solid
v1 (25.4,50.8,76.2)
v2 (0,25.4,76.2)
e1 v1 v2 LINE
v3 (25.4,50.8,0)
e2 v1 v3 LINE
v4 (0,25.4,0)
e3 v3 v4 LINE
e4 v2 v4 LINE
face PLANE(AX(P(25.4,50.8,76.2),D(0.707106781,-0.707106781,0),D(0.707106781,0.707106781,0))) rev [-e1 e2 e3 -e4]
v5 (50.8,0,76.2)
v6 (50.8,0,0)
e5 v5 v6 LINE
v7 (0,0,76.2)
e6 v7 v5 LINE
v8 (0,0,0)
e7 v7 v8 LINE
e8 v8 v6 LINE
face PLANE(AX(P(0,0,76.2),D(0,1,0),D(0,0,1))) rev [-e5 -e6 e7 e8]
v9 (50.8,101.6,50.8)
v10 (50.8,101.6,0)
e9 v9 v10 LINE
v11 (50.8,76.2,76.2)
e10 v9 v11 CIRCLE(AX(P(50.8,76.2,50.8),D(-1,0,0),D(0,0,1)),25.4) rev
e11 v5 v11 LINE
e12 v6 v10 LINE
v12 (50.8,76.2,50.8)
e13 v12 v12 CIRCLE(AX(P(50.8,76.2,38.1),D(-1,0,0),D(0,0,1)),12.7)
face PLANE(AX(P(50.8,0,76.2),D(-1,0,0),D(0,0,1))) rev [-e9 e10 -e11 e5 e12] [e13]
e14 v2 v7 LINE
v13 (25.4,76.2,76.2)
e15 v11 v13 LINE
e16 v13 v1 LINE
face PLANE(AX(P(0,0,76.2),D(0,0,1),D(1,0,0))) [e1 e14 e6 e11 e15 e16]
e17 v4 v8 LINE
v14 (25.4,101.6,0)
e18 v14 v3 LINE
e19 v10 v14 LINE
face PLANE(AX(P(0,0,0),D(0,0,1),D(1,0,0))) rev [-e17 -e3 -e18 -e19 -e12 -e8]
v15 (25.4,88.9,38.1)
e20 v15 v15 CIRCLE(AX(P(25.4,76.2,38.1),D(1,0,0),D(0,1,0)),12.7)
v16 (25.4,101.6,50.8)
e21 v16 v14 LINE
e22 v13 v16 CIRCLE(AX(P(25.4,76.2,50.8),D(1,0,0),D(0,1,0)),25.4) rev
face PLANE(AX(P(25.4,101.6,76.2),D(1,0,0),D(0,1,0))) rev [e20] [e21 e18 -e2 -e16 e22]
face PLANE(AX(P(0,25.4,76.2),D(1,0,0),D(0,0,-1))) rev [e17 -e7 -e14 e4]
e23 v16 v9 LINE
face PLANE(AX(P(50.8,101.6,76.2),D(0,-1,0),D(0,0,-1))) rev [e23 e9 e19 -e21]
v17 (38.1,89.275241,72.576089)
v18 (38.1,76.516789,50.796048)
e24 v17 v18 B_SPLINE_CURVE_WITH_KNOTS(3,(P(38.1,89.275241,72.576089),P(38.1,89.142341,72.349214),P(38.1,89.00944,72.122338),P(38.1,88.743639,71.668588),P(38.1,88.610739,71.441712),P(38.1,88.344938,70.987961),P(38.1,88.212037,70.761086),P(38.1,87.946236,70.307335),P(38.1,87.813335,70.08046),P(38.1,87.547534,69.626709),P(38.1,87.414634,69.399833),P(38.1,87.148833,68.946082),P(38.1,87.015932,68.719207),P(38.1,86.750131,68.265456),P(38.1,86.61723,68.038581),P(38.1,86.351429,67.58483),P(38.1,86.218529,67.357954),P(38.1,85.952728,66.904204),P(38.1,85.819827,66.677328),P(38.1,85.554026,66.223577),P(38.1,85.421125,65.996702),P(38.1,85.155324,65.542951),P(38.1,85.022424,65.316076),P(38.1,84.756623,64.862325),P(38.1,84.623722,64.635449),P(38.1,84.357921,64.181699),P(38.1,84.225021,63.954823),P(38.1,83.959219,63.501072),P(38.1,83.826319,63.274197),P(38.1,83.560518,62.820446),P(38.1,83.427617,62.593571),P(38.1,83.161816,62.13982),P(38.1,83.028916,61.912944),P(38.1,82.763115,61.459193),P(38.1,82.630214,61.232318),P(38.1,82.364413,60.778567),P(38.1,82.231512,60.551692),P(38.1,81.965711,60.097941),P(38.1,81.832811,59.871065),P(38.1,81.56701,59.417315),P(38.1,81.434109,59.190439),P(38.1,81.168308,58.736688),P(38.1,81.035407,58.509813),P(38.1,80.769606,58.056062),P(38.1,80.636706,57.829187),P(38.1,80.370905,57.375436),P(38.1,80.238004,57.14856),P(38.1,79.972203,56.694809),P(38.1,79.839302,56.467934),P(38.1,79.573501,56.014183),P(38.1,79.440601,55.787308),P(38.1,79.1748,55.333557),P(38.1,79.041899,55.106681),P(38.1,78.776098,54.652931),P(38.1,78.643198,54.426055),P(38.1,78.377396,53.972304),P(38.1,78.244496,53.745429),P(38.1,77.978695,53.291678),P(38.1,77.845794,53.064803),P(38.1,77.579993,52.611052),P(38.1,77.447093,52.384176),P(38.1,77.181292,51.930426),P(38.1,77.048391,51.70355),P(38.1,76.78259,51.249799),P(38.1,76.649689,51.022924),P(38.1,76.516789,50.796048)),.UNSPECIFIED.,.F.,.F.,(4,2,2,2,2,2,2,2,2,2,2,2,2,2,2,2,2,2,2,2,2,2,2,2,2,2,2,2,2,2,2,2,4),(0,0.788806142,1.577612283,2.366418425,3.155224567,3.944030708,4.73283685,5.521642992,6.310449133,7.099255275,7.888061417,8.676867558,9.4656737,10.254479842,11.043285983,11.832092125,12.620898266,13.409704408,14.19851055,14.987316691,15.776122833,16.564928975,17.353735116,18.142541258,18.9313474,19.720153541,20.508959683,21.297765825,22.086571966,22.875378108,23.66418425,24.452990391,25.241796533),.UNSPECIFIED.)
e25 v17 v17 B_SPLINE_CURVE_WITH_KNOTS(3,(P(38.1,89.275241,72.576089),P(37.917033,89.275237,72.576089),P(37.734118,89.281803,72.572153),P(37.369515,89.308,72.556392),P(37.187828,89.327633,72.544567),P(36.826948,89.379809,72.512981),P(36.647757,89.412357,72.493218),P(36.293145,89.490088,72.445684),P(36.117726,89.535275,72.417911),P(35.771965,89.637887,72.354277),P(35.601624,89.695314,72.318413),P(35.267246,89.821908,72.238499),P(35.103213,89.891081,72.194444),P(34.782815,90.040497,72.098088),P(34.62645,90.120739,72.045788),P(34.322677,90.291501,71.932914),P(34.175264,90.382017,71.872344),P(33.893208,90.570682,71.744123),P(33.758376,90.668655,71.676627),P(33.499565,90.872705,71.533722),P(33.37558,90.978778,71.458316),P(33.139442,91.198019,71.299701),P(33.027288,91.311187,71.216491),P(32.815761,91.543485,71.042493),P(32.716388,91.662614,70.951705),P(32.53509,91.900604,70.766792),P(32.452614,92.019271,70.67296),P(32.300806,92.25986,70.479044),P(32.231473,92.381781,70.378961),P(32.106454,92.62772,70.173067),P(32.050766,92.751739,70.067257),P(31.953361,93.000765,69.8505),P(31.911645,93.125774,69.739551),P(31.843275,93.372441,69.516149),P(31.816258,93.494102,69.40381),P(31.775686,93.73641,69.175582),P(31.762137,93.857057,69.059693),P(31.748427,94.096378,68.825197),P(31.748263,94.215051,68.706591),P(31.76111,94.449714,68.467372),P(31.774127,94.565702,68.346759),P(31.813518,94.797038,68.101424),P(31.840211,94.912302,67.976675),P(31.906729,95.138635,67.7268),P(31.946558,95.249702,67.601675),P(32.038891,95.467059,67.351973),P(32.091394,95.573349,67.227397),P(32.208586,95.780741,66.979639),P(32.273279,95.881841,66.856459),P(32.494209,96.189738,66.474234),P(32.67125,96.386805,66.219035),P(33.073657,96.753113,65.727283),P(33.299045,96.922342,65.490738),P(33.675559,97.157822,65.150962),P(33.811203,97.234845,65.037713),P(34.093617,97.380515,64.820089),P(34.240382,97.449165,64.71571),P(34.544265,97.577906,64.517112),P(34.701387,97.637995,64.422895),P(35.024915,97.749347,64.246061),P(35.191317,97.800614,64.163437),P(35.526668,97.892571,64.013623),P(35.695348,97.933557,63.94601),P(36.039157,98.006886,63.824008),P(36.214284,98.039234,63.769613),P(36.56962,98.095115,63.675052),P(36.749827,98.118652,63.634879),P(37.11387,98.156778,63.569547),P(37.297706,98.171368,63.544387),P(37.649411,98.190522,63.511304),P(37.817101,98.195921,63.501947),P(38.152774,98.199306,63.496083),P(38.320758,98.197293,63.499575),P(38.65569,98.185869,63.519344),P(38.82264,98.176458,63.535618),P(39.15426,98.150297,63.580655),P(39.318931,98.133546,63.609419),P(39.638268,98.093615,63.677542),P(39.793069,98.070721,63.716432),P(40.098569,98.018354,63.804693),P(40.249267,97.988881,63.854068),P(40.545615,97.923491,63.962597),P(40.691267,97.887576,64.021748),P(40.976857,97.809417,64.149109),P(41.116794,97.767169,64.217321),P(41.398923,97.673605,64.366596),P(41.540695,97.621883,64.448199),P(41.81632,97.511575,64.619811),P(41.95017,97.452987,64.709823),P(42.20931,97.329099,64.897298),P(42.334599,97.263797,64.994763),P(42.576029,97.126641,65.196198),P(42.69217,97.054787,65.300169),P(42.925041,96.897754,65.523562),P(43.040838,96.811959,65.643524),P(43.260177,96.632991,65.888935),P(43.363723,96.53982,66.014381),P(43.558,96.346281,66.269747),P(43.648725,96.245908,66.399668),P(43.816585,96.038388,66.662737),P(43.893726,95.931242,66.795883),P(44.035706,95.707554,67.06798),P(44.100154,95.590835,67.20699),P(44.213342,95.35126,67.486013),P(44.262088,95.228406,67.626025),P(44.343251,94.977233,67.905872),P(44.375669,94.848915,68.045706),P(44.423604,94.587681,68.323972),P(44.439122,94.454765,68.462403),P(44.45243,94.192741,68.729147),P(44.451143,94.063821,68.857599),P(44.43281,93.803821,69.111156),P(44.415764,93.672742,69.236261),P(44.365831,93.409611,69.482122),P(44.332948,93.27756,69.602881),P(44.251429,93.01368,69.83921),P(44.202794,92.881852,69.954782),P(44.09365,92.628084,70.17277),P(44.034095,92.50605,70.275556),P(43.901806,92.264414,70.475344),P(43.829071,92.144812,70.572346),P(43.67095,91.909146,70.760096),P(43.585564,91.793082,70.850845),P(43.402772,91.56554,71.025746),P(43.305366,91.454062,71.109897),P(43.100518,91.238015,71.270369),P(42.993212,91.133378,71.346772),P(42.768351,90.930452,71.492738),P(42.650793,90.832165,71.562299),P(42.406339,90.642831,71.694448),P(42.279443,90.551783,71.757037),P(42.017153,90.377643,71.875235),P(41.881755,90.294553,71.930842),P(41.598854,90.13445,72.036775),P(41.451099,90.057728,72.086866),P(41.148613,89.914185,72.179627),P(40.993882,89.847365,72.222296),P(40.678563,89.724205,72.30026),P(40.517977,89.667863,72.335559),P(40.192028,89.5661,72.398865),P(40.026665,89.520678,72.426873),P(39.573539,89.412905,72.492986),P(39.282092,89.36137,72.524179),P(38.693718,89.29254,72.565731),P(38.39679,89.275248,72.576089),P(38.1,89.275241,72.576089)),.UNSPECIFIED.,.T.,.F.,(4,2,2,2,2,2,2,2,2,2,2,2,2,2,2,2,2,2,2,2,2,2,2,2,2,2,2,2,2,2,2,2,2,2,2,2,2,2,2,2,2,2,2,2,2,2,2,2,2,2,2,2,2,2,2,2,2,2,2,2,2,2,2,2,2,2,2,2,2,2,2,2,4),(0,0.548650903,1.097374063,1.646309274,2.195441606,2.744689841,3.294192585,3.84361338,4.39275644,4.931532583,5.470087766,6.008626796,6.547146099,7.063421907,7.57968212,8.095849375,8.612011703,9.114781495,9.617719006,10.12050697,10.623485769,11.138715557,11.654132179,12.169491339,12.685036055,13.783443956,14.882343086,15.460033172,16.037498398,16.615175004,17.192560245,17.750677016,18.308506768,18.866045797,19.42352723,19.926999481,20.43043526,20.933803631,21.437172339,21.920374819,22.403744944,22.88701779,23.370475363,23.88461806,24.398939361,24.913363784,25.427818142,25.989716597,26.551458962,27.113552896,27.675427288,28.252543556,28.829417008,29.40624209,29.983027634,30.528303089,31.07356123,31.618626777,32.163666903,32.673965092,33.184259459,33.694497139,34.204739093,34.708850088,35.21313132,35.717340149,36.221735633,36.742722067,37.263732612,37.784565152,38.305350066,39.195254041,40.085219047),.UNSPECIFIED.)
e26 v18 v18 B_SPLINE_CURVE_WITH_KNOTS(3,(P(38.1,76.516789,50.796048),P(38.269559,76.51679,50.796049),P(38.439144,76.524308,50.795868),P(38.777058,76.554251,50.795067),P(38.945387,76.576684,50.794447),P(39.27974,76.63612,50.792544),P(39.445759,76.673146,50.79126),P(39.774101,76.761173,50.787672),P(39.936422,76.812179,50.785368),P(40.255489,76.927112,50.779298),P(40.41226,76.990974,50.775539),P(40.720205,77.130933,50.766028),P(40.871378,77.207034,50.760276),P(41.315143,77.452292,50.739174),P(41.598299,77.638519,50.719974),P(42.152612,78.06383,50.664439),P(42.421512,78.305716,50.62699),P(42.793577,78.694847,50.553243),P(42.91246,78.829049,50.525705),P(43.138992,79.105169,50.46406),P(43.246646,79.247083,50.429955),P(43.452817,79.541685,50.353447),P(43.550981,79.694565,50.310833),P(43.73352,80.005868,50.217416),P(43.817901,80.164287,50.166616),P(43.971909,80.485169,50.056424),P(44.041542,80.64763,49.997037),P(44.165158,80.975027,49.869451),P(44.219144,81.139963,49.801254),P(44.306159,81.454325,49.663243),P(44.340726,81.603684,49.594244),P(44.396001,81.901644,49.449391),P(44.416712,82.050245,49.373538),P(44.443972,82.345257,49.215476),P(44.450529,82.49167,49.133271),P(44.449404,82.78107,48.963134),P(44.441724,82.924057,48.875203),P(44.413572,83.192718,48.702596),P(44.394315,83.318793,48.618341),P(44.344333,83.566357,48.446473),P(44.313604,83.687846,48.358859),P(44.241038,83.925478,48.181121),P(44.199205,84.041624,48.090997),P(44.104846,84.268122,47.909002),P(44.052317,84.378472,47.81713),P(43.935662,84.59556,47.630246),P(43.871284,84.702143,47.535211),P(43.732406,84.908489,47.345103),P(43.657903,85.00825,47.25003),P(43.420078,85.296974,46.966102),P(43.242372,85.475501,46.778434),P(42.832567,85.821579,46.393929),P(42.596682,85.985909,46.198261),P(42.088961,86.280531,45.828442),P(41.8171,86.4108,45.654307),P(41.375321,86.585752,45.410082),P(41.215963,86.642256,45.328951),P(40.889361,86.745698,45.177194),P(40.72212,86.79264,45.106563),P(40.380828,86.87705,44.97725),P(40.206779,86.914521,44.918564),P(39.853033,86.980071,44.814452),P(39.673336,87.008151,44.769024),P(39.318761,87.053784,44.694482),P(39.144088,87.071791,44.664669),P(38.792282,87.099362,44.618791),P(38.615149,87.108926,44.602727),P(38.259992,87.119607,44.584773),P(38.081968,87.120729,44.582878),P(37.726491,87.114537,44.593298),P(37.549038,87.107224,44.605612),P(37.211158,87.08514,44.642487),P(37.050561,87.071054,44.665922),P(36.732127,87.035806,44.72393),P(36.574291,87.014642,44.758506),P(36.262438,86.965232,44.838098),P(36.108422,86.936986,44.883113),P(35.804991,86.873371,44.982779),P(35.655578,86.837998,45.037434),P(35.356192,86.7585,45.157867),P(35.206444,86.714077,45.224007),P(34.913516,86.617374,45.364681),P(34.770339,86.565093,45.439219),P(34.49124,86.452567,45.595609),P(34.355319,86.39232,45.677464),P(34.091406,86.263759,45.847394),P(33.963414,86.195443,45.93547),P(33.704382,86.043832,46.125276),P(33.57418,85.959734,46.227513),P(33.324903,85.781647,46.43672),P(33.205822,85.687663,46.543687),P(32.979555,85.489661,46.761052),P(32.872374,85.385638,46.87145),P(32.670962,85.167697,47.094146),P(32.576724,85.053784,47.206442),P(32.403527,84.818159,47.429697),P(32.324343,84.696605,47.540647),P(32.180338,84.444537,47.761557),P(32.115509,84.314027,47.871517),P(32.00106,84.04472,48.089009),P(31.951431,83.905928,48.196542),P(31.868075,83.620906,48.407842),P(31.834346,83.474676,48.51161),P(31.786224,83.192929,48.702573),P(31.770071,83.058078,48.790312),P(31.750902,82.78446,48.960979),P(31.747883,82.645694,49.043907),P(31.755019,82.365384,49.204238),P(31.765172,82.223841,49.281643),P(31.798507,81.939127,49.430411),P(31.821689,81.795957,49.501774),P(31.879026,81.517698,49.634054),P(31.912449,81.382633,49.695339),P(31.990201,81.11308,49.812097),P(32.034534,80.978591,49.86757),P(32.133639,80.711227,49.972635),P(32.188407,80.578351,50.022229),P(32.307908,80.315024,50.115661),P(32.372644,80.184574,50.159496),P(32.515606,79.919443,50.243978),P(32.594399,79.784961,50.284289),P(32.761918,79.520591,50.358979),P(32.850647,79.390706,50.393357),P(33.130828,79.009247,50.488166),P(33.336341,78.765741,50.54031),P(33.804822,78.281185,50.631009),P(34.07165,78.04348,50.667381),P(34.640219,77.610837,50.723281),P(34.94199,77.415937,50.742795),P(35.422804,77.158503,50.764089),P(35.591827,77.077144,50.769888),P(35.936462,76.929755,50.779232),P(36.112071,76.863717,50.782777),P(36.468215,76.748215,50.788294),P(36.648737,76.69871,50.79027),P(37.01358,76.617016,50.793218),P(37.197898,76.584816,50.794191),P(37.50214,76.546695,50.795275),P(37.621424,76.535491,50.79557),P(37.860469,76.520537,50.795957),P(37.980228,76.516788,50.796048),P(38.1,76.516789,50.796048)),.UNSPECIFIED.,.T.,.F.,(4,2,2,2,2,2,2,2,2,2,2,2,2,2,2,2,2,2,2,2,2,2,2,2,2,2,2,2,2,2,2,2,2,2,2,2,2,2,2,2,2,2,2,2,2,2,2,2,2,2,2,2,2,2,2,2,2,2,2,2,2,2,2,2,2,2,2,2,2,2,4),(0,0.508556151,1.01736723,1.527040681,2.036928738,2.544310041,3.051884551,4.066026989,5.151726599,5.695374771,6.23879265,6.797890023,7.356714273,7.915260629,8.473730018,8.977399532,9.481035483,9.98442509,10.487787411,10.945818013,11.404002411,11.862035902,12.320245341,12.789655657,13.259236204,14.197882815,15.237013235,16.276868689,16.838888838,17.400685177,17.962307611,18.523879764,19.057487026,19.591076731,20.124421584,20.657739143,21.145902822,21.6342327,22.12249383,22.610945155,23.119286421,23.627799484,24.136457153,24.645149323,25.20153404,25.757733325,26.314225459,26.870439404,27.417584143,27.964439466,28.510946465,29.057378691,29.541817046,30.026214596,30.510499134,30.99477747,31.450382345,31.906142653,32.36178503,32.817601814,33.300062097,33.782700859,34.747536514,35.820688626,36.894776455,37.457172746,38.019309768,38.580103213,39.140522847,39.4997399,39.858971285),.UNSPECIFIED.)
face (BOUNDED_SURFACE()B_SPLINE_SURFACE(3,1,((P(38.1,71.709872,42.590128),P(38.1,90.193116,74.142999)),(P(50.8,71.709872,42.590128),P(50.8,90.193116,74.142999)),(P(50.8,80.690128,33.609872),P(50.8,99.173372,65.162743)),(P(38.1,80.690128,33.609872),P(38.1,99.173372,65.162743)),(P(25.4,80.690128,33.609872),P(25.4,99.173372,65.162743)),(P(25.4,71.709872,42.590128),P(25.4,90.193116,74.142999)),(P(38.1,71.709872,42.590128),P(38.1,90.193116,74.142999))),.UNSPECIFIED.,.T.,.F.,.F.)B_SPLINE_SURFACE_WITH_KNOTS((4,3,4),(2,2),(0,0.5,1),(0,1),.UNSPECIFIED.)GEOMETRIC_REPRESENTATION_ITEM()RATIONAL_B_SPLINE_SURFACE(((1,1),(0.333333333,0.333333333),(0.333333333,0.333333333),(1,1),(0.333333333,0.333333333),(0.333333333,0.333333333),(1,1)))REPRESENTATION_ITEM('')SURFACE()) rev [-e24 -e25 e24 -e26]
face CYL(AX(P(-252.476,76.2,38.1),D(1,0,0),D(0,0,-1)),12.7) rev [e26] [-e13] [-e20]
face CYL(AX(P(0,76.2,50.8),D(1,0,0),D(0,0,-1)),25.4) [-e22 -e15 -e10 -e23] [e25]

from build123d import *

# Parameters (mm, degrees)
BOSS_EXTRUDE1_DEPTH = 76.2
FILLET1_R           = 25.4
SKETCH2_R           = 12.7
CUT_EXTRUDE1_DEPTH  = 252.476
SKETCH7_R           = 6.35


with BuildPart() as part:
    # Sketch1 → Boss-Extrude1 (new body)
    with BuildSketch(Plane.XY):
        Polygon((0, 0), (50.8, 0), (50.8, 101.6), (25.4, 101.6), (25.4, 50.8), (0, 25.4), align=None)
    extrude(amount=BOSS_EXTRUDE1_DEPTH)

    # Fillet1
    fillet1_edges = [part.edges().sort_by_distance(p)[0] for p in [
        (38.1, 101.6, 76.2),
    ]]
    fillet(fillet1_edges, radius=FILLET1_R)

    # Sketch2 → Cut-Extrude1 (cut, symmetric)
    with BuildSketch(Plane(origin=(0, 0, 0), x_dir=(0, 0, -1), z_dir=(1, 0, 0))):
        with Locations((-38.1, 76.2)):
            Circle(SKETCH2_R)
    extrude(amount=CUT_EXTRUDE1_DEPTH, both=True, mode=Mode.SUBTRACT)

    # Cut-Sweep1: sweep along a path in Sketch4
    with BuildLine(Plane(origin=(38.1, 0, -38.1), x_dir=(0, 0, 1), z_dir=(-1, 0, 0))) as cut_sweep1_path:
        Line((76.2, 76.2), (106.860512242, 94.160512242))
    # Sketch7 → Cut-Sweep1 (sweep, cut)
    with BuildSketch(Plane(origin=(38.1, 94.160512242, 68.760512242), x_dir=(1, 0, 0), z_dir=(0, 0.7071067811865479, 0.7071067811865472))):
        Circle(SKETCH7_R)
    sweep(path=cut_sweep1_path.line, mode=Mode.SUBTRACT)


solid = part.part
